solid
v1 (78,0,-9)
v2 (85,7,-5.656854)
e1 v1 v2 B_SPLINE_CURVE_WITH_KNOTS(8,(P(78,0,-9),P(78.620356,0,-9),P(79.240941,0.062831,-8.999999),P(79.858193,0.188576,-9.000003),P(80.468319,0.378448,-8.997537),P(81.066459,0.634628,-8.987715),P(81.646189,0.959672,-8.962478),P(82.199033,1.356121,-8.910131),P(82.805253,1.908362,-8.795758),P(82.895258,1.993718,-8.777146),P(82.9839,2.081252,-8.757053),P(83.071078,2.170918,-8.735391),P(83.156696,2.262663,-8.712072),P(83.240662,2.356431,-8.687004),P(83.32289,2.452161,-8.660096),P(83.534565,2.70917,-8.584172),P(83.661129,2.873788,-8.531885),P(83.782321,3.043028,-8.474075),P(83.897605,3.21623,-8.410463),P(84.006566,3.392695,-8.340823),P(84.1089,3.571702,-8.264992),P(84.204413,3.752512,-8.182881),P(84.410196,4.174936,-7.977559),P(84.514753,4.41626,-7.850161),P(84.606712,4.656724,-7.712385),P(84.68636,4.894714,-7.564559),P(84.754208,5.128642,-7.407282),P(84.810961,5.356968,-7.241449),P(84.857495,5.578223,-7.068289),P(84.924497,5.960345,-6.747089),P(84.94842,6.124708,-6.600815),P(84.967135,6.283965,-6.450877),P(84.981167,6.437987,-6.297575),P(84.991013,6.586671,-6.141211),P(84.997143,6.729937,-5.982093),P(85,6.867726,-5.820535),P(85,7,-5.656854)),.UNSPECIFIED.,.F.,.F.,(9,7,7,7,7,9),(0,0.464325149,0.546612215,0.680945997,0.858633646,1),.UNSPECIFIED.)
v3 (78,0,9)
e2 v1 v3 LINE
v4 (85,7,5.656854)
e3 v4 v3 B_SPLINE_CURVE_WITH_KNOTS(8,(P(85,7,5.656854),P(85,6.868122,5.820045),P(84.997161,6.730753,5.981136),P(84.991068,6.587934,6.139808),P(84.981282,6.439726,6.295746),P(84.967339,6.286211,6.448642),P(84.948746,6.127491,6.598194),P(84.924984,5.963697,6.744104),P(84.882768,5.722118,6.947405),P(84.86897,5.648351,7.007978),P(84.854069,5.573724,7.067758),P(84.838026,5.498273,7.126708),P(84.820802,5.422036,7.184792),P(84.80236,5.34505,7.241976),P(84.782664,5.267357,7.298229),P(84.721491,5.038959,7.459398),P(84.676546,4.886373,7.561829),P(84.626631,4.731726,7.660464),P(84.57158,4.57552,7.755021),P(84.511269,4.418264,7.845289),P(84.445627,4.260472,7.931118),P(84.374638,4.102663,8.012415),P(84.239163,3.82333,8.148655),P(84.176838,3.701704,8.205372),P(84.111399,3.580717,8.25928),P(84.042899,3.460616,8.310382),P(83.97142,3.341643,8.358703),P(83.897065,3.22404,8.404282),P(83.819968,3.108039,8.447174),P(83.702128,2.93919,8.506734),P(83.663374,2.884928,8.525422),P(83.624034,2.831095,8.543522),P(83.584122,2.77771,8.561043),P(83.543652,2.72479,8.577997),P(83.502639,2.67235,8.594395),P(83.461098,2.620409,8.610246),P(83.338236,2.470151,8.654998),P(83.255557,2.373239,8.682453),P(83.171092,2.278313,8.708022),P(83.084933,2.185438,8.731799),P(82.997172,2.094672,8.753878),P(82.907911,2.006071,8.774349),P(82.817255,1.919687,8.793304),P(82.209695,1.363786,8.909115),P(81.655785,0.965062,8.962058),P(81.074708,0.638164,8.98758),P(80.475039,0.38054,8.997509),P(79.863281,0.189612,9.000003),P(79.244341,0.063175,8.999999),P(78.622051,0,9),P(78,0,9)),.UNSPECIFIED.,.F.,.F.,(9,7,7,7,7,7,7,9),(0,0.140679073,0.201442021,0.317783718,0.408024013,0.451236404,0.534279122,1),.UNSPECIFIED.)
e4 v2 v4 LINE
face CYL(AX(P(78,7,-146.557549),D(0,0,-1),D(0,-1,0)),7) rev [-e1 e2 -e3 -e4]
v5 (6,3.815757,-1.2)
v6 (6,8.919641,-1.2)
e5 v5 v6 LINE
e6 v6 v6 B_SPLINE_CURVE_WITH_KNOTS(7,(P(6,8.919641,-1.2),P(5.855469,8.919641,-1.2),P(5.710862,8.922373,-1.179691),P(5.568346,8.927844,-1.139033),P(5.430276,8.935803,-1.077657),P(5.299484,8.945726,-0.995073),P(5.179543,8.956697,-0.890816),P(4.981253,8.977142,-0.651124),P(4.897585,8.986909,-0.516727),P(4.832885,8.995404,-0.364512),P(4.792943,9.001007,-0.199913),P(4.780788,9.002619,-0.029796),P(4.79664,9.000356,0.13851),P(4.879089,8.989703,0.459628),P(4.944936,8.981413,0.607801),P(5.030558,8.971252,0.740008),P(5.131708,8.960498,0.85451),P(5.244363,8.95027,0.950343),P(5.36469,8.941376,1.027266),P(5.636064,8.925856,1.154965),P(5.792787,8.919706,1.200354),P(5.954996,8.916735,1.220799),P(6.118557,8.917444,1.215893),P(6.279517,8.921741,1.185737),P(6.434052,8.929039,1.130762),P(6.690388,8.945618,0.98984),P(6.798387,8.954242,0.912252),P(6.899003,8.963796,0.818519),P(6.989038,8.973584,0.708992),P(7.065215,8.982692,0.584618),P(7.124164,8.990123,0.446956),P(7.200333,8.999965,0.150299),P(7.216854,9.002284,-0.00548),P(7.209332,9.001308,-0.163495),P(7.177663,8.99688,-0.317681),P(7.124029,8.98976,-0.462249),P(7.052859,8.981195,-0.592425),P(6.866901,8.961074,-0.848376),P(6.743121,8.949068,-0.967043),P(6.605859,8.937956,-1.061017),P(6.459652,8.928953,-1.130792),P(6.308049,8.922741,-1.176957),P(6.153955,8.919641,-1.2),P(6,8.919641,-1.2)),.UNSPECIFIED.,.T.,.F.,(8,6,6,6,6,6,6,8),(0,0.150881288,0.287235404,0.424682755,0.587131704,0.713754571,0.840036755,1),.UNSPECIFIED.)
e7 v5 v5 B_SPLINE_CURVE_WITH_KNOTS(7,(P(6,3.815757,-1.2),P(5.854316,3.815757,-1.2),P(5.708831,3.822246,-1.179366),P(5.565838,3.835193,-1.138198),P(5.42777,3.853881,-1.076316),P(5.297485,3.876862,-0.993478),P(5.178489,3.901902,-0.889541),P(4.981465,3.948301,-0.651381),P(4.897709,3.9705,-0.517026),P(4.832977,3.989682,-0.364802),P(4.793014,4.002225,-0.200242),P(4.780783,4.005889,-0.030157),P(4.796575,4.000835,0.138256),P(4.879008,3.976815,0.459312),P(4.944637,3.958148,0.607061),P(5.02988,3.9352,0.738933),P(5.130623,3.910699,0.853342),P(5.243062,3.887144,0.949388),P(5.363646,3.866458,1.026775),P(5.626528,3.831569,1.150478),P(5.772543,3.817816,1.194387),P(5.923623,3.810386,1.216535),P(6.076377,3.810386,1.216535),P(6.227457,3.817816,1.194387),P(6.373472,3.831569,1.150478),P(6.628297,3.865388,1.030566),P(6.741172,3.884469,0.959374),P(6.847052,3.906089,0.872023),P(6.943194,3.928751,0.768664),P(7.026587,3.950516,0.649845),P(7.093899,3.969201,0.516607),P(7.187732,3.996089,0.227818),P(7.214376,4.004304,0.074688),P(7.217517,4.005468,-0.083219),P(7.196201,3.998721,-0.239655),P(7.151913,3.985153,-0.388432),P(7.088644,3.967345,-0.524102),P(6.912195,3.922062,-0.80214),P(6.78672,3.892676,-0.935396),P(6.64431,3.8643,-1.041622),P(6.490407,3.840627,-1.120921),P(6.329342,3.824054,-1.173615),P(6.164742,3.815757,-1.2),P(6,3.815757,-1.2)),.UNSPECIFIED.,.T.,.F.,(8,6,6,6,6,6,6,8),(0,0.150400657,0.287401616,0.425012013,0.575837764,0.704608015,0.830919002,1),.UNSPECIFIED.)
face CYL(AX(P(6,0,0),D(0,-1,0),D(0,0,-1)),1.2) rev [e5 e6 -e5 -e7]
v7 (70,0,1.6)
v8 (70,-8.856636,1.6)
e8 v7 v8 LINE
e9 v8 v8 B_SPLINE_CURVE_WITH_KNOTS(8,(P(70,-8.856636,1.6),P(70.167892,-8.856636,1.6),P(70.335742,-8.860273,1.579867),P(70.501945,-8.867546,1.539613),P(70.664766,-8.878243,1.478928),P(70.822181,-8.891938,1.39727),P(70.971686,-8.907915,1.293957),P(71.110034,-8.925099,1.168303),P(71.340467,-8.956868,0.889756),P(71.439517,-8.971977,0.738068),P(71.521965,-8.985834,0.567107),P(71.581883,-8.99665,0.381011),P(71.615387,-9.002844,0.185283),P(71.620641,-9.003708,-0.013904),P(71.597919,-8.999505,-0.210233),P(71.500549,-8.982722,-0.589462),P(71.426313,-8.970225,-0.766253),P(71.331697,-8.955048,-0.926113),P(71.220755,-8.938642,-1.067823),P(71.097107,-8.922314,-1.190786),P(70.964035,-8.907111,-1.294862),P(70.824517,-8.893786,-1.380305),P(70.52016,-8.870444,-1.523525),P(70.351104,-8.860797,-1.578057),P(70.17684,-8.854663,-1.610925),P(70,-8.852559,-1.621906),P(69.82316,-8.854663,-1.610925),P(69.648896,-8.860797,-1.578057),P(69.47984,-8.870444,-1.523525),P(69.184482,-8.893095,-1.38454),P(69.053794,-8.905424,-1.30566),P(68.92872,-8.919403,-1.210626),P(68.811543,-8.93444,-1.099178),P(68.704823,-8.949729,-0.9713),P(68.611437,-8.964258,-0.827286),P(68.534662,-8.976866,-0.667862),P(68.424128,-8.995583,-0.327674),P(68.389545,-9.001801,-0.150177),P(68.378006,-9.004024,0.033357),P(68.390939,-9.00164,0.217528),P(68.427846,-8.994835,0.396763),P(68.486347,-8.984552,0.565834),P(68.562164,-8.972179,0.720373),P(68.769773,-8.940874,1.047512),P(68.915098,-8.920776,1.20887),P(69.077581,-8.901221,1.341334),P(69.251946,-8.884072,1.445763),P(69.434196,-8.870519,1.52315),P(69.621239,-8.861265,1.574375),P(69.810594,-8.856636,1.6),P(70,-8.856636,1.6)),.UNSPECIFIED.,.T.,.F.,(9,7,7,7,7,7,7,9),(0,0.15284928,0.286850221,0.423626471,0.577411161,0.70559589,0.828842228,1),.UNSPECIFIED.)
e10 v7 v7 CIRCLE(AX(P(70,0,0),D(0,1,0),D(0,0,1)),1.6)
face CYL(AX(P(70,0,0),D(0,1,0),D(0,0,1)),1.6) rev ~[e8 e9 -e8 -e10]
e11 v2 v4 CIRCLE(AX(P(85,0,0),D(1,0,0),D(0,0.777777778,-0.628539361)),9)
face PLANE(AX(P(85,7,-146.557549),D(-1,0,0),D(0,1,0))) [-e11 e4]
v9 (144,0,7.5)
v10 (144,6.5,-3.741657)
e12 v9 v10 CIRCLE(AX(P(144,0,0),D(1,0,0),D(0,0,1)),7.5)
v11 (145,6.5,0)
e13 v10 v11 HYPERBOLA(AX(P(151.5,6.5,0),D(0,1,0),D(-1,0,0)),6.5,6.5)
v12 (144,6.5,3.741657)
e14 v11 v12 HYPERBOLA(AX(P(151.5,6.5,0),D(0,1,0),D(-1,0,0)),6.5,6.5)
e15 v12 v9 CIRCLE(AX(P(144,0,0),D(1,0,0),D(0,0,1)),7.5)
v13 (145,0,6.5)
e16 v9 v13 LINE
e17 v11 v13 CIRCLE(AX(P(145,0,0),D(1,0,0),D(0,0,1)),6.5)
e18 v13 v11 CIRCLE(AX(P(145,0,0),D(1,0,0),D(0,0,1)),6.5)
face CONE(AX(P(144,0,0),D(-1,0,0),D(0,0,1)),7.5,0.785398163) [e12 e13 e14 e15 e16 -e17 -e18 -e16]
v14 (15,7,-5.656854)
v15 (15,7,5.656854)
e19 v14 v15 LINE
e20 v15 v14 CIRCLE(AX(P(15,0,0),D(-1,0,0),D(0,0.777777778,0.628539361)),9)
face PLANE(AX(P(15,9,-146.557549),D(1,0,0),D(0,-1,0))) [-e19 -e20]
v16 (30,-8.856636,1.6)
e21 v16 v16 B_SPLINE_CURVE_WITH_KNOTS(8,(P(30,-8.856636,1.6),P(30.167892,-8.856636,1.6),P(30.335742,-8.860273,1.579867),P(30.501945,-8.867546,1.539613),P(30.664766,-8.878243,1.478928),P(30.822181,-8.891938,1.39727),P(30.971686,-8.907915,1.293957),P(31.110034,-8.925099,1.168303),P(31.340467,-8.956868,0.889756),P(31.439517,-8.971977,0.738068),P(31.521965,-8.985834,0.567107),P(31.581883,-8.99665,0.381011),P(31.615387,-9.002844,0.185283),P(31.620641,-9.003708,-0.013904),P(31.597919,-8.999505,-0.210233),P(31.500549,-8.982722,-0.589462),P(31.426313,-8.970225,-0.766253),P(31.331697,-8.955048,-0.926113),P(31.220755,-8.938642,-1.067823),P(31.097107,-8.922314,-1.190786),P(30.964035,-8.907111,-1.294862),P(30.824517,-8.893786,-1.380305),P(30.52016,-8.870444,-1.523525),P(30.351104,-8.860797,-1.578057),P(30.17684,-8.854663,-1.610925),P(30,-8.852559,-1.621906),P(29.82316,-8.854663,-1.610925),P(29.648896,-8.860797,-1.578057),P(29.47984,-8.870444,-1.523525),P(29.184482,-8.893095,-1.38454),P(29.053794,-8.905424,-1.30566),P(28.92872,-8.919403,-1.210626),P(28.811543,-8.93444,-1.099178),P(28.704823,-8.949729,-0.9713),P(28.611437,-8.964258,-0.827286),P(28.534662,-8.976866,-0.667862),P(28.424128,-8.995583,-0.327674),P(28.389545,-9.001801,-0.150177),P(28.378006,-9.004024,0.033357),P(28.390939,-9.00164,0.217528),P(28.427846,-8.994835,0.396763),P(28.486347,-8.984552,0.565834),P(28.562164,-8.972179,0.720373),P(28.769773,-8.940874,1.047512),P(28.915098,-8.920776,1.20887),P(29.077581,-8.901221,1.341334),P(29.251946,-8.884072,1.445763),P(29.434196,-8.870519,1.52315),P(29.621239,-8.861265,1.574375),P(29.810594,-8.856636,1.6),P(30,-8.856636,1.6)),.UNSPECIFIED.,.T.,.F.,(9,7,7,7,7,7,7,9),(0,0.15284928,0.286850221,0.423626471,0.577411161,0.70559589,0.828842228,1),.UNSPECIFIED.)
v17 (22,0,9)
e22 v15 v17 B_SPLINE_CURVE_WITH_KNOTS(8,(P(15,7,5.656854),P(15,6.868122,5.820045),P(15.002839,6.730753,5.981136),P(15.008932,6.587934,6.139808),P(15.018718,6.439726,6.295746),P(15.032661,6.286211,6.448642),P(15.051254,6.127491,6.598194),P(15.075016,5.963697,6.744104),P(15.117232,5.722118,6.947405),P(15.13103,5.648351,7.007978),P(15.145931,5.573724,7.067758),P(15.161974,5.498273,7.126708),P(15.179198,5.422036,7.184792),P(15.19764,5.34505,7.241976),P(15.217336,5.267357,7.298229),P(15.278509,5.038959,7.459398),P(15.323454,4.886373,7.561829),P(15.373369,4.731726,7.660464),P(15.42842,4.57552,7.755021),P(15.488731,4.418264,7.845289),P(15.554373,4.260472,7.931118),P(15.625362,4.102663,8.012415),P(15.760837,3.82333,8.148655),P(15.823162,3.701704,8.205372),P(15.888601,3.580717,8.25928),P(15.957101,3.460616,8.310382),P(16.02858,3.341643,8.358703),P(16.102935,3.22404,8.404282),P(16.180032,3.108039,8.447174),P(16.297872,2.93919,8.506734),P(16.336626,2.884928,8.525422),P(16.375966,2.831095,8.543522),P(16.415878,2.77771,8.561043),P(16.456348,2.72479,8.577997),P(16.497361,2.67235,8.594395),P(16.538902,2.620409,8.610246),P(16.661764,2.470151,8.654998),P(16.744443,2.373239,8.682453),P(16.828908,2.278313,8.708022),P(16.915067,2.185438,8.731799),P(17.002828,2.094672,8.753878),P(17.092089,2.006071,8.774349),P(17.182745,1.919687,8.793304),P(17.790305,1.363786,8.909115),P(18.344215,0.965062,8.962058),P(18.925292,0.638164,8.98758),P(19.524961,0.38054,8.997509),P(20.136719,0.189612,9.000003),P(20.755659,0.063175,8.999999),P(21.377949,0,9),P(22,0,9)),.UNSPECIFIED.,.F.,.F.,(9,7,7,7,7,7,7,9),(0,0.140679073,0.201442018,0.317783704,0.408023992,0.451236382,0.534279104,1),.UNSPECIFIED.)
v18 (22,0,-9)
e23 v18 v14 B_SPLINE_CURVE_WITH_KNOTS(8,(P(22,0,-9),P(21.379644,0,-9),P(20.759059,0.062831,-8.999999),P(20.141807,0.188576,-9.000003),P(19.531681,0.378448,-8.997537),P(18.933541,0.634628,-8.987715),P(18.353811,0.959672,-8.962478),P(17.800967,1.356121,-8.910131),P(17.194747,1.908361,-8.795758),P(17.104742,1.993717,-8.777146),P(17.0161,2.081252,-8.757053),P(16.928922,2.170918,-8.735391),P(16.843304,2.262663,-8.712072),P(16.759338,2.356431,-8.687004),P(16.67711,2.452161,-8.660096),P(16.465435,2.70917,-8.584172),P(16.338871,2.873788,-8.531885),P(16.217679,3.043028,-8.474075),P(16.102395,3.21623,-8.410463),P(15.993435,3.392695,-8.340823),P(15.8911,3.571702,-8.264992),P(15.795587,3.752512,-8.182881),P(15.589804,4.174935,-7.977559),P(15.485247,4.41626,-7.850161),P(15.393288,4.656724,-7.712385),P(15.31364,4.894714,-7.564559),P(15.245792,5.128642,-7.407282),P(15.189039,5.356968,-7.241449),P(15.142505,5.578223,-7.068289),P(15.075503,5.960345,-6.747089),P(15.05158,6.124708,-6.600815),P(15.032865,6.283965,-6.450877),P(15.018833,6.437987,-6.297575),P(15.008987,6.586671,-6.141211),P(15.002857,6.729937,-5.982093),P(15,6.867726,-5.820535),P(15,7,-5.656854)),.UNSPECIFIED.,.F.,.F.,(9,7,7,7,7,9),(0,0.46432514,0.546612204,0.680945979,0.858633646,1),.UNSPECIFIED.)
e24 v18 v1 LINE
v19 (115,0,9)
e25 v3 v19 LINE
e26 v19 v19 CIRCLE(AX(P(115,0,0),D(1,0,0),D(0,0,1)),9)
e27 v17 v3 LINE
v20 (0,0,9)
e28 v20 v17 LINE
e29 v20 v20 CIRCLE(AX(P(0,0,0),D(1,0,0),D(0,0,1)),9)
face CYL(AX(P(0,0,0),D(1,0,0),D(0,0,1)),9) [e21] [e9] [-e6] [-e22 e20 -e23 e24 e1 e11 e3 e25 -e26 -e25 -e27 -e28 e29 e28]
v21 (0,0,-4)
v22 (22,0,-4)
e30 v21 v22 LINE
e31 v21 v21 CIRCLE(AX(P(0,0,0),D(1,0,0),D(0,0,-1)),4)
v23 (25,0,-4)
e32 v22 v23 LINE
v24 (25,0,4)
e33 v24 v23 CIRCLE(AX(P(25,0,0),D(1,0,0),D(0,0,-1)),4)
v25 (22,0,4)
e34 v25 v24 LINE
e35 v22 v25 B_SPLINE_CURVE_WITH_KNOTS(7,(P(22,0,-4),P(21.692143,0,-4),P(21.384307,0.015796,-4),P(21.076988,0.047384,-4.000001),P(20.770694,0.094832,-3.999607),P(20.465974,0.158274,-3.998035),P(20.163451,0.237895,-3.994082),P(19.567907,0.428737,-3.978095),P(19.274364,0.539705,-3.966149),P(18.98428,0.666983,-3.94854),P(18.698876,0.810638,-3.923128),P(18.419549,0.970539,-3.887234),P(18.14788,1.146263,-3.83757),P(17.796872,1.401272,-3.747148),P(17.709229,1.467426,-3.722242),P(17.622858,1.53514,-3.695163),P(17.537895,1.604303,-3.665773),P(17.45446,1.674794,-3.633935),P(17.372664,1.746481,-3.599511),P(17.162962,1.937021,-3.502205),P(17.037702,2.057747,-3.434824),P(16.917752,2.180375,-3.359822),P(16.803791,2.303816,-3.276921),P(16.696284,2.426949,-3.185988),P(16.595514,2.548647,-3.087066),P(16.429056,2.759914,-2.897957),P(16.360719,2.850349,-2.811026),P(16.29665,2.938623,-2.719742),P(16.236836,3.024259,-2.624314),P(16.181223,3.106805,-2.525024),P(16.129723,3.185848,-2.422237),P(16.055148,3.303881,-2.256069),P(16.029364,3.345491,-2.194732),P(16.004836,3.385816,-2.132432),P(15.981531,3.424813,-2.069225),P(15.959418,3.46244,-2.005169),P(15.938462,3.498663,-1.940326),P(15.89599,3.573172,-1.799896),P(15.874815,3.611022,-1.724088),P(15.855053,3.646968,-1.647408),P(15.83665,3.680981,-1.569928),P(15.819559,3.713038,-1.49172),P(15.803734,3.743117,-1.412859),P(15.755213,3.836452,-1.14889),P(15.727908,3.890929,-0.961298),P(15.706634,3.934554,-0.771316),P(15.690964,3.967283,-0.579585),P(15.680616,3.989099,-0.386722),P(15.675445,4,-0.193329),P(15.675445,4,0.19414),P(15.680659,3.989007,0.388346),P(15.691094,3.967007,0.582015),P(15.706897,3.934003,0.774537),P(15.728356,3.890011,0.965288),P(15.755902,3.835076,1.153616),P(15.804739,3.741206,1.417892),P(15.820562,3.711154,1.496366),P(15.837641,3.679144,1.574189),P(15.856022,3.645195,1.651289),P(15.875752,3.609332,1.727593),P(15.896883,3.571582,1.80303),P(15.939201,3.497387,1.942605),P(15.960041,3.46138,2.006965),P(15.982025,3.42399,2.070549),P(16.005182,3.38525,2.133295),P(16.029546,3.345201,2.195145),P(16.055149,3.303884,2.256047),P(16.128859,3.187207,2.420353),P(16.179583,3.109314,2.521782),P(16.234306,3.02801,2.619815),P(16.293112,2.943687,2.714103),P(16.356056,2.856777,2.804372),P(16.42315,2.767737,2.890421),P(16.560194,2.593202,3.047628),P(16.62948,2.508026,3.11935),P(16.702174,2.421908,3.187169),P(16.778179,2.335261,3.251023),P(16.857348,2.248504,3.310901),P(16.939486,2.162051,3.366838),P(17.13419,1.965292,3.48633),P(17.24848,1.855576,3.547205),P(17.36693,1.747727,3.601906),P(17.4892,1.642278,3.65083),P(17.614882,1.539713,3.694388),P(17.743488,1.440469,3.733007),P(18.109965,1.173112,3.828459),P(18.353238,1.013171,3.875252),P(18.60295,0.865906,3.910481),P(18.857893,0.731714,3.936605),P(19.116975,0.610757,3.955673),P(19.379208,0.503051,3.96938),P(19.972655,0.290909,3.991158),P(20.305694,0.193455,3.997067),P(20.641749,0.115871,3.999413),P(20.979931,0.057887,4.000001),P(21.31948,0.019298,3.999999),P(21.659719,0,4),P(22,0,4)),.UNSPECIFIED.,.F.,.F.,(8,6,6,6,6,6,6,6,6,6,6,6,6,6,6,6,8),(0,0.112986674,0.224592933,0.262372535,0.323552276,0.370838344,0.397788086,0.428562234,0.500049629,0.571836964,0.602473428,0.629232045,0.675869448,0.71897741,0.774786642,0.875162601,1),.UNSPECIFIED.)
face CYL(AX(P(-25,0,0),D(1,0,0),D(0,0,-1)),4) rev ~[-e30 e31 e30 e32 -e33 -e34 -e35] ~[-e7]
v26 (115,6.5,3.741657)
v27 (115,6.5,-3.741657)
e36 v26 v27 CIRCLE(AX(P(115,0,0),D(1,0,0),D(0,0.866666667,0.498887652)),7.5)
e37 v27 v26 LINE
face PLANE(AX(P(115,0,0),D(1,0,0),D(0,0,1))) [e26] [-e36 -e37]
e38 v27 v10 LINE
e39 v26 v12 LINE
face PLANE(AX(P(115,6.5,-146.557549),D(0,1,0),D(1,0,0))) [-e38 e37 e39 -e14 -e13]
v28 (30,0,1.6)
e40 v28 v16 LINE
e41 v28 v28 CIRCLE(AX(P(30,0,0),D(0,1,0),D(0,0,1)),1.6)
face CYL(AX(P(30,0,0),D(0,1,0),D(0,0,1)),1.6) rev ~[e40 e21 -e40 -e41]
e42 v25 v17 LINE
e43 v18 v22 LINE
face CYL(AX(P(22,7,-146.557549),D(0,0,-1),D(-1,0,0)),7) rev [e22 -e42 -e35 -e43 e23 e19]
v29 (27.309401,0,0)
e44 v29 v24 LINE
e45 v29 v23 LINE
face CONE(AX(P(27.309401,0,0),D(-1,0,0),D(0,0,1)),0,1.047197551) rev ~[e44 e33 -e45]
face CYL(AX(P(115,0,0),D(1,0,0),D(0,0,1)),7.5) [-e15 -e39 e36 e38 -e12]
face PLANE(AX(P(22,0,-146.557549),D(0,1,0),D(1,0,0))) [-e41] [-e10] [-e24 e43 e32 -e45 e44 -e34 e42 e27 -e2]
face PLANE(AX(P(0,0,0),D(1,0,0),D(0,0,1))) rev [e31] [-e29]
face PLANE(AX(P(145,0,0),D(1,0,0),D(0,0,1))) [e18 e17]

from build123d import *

# Parameters (mm, degrees)
CHANFREIN1_SIZE              = 1
ENL_V_MAT_EXTRU_1_DEPTH      = 146.557548756
ENL_V_MAT_EXTRU_1_DEPTH_BACK = 146.557548756
ESQUISSE3_W                  = 30
ESQUISSE3_H                  = 1
PER_AGE1_D                   = 8
PER_AGE1_DEPTH               = 25
PER_AGE1_TIP                 = 2.309401077
ESQUISSE6_R                  = 1.6
ENL_V_MAT_EXTRU_2_DEPTH      = 146.557548769
R_P_TITION_LIN_AIRE1_COUNT   = 2
R_P_TITION_LIN_AIRE1_PITCH   = 40
ESQUISSE7_R                  = 1.2
ENL_V_MAT_EXTRU_3_DEPTH      = 146.557548771


with BuildPart() as part:
    # Esquisse1 → Base-Révolution (revolve)
    with BuildSketch(Plane.XY, mode=Mode.PRIVATE) as base_r_volution_sk:
        Polygon((0, 0), (0, 9), (115, 9), (115, 7.5), (145, 7.5), (145, 0), align=None)
    revolve(base_r_volution_sk.sketch.rotate(Axis((0, 0, 0), (1, 0, 0)), 90), axis=Axis((0, 0, 0), (1, 0, 0)))

    # Chanfrein1
    chanfrein1_edges = [part.edges().sort_by_distance(p)[0] for p in [
        (145, 0, -7.5),
    ]]
    chamfer(chanfrein1_edges, length=CHANFREIN1_SIZE)

    # Esquisse3 → Enlèv. mat.-Extru.1 (cut, two sides: drawn at the far end of the back side and taken through both)
    with BuildSketch(Plane.XY.offset(-ENL_V_MAT_EXTRU_1_DEPTH_BACK)):
        with Locations((130, 7)):
            Rectangle(ESQUISSE3_W, ESQUISSE3_H)
        with BuildLine():
            Line((85, 9), (15, 9))
            Line((15, 9), (15, 7))
            ThreePointArc((15, 7), (17.050252532, 2.050252532), (22, 0))
            Line((22, 0), (78, 0))
            ThreePointArc((78, 0), (82.949747468, 2.050252532), (85, 7))
            Line((85, 7), (85, 9))
        make_face()
    extrude(amount=ENL_V_MAT_EXTRU_1_DEPTH + ENL_V_MAT_EXTRU_1_DEPTH_BACK, mode=Mode.SUBTRACT)

    # Perçage1
    with Locations(Plane.ZY):
        with Locations((0, 0)):
            Hole(PER_AGE1_D / 2, depth=PER_AGE1_DEPTH)
            with Locations((0, 0, -(PER_AGE1_DEPTH + PER_AGE1_TIP / 2))):  # 120° drill point
                Cone(0, PER_AGE1_D / 2, PER_AGE1_TIP, mode=Mode.SUBTRACT)

    # Esquisse6 → Enlèv. mat.-Extru.2 (cut, through all)
    with BuildSketch(Plane(origin=(0, 0, 0), x_dir=(-1, 0, 0), z_dir=(0, 1, 0))):
        with Locations(Location((-30, 0, 0), (0, 0, 90))):
            Circle(ESQUISSE6_R)
    enl_v_mat_extru_2 = extrude(amount=-ENL_V_MAT_EXTRU_2_DEPTH, mode=Mode.SUBTRACT)

    # Répétition linéaire1: Enlèv. mat.-Extru.2 ×2
    with Locations(*[(i * R_P_TITION_LIN_AIRE1_PITCH, 0, 0) for i in range(1, R_P_TITION_LIN_AIRE1_COUNT)]):
        add(enl_v_mat_extru_2, mode=Mode.SUBTRACT)

    # Esquisse7 → Enlèv. mat.-Extru.3 (cut, through all)
    with BuildSketch(Plane(origin=(0, 0, 0), x_dir=(-1, 0, 0), z_dir=(0, 1, 0))):
        with Locations(Location((-6, 0, 0), (0, 0, 270))):
            Circle(ESQUISSE7_R)
    extrude(amount=ENL_V_MAT_EXTRU_3_DEPTH, mode=Mode.SUBTRACT)


solid = part.part
